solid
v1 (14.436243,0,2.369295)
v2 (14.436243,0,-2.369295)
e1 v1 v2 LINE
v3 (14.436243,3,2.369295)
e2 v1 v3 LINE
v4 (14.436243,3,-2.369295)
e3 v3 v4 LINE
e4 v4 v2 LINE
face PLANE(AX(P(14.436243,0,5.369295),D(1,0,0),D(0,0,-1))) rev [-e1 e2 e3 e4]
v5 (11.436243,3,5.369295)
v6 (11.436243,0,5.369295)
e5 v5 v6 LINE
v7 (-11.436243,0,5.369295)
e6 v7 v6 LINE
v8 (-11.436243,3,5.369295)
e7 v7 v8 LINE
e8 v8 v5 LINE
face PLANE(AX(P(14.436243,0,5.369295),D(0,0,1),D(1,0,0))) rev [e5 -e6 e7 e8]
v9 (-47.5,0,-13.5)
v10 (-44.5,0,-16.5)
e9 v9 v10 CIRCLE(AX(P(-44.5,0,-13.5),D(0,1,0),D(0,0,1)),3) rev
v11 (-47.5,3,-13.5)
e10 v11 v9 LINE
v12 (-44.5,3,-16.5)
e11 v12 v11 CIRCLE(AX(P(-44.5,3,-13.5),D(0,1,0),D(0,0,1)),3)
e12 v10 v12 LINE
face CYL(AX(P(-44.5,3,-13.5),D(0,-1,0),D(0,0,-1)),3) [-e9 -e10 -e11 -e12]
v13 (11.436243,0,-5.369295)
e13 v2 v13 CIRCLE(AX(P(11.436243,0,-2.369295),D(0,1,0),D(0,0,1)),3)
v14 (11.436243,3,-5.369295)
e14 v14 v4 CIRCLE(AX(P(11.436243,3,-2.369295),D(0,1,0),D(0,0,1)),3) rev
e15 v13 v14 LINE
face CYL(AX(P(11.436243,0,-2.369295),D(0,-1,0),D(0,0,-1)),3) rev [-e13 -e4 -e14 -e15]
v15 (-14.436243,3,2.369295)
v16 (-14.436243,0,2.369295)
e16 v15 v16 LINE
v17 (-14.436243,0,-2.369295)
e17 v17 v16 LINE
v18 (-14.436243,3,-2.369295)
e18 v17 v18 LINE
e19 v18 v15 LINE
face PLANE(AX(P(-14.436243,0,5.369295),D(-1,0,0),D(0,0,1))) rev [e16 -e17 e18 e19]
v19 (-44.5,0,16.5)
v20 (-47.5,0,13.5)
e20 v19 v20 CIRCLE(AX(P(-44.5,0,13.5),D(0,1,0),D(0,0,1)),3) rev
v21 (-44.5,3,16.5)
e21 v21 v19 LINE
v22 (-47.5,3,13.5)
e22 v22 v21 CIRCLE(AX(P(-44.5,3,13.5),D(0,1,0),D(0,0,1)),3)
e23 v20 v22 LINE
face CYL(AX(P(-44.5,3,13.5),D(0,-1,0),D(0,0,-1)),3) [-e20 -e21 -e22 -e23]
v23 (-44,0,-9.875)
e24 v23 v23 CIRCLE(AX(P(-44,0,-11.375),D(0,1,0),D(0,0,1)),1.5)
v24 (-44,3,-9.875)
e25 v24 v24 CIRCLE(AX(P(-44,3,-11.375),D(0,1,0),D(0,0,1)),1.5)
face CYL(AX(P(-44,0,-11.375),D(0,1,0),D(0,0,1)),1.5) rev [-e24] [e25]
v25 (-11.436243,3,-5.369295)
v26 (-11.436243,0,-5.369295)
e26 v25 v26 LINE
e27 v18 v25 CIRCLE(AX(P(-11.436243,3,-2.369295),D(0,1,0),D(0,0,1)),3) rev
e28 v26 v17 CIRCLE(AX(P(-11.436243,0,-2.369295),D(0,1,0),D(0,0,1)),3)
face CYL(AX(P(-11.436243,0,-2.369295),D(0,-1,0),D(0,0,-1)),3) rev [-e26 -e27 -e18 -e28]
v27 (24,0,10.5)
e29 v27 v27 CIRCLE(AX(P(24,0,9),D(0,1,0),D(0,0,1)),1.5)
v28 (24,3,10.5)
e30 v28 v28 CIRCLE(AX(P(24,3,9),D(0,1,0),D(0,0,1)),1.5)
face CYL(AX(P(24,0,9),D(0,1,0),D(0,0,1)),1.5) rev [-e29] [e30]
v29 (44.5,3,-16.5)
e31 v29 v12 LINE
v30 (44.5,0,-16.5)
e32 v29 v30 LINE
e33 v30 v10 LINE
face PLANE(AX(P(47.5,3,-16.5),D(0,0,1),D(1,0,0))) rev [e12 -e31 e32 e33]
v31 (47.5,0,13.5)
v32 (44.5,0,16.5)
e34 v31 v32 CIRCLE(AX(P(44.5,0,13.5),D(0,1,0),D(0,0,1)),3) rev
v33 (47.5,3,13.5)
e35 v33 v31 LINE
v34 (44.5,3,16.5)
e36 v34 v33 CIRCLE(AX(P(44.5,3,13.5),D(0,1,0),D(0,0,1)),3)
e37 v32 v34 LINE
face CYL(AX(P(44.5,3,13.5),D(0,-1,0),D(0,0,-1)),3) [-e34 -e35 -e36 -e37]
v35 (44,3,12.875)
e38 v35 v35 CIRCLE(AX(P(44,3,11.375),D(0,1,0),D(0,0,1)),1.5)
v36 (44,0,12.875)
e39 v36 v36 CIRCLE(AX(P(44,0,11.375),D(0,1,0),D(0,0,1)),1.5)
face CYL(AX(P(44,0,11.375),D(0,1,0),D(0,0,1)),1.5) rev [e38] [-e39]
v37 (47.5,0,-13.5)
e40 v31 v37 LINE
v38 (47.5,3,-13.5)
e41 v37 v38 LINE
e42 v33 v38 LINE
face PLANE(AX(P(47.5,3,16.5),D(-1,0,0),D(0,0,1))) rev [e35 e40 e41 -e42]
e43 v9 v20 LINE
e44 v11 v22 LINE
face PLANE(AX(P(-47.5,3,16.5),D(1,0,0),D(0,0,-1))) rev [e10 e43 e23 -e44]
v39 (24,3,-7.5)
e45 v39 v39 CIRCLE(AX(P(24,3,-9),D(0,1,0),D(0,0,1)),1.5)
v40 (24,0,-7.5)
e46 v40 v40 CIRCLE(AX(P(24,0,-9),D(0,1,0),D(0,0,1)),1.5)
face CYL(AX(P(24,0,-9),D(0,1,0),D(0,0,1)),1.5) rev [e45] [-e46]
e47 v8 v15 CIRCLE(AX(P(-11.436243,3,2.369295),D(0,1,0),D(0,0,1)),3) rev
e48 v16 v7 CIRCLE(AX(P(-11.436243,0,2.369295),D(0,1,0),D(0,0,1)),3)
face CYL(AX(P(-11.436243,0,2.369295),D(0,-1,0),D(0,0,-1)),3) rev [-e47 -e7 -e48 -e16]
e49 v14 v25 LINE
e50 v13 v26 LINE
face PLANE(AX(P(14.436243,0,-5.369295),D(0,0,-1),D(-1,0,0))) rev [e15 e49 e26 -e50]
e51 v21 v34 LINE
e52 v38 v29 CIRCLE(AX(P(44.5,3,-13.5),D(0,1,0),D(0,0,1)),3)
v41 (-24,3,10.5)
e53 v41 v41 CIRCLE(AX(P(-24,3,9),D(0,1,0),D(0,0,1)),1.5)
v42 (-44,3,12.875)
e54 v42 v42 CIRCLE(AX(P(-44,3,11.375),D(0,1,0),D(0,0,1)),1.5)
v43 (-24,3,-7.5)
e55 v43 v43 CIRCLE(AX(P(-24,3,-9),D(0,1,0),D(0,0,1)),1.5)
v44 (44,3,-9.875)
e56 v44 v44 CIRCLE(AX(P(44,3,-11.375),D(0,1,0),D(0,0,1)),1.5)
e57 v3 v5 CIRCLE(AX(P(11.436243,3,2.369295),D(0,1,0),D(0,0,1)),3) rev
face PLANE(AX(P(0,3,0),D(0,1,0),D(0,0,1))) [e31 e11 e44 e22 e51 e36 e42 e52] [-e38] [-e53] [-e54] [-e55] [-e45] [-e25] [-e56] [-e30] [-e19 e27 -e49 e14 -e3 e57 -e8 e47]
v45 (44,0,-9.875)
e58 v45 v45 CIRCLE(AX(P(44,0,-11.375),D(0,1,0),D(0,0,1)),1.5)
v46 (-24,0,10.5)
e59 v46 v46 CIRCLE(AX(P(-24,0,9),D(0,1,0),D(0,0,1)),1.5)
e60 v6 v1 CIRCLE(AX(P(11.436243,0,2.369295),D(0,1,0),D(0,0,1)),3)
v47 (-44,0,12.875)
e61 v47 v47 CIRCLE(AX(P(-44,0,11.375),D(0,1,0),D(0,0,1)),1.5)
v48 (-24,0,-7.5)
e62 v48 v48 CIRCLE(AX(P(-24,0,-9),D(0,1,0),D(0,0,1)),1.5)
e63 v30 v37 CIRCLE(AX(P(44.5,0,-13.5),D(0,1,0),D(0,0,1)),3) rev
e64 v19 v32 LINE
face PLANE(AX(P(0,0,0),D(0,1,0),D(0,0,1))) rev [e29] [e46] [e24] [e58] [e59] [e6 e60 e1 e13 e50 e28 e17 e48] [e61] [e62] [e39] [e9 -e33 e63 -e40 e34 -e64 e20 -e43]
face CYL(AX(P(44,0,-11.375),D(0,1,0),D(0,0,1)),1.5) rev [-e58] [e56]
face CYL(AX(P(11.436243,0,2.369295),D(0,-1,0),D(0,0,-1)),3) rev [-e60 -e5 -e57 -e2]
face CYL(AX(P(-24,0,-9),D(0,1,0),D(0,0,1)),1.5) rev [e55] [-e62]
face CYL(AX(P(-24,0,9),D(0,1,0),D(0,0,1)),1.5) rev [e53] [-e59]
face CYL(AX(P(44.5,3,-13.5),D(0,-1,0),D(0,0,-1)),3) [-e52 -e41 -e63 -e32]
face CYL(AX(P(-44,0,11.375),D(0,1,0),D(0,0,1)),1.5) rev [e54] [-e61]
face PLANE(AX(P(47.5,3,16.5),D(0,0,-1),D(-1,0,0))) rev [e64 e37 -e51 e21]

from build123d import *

# Parameters (mm, degrees)
SKETCH_1_W          = 95
SKETCH_1_H          = 33
EXTRUDE_1_DEPTH     = 3
SKETCH_2_R          = 1.5
CUT_EXTRUDE_1_DEPTH = 4
SKETCH_3_R          = 1.5
CUT_EXTRUDE_2_DEPTH = 4
FILLET_1_R          = 3
SKETCH_4_W          = 28.872486122
SKETCH_4_H          = 10.738590994
CUT_EXTRUDE_3_DEPTH = 4
FILLET_2_R          = 3


with BuildPart() as part:
    # 草图1 → 凸台-拉伸1 (new body)
    with BuildSketch(Plane(origin=(0, 0, 0), x_dir=(1, 0, 0), z_dir=(0, 1, 0))):
        Rectangle(SKETCH_1_W, SKETCH_1_H)
    extrude(amount=EXTRUDE_1_DEPTH)

    # 草图2 → 切除-拉伸1 (cut, through all)
    with BuildSketch(Plane(origin=(0, 3, 0), x_dir=(1, 0, 0), z_dir=(0, 1, 0))):
        with Locations((-44, 11.375)):
            Circle(SKETCH_2_R)
        with Locations((-44, -11.375)):
            Circle(SKETCH_2_R)
        with Locations((44, -11.375)):
            Circle(SKETCH_2_R)
        with Locations((44, 11.375)):
            Circle(SKETCH_2_R)
    extrude(amount=-CUT_EXTRUDE_1_DEPTH, mode=Mode.SUBTRACT)

    # 草图3 → 切除-拉伸2 (cut, through all)
    with BuildSketch(Plane(origin=(0, 3, 0), x_dir=(1, 0, 0), z_dir=(0, 1, 0))):
        with Locations((-24, 9)):
            Circle(SKETCH_3_R)
        with Locations((24, 9)):
            Circle(SKETCH_3_R)
        with Locations((-24, -9)):
            Circle(SKETCH_3_R)
        with Locations((24, -9)):
            Circle(SKETCH_3_R)
    extrude(amount=-CUT_EXTRUDE_2_DEPTH, mode=Mode.SUBTRACT)

    # 圆角1
    fillet_1_edges = [part.edges().sort_by_distance(p)[0] for p in [
        (-47.5, 1.5, -16.5),
        (47.5, 1.5, -16.5),
        (47.5, 1.5, 16.5),
        (-47.5, 1.5, 16.5),
    ]]
    fillet(fillet_1_edges, radius=FILLET_1_R)

    # 草图4 → 切除-拉伸3 (cut, through all)
    with BuildSketch(Plane(origin=(0, 3, 0), x_dir=(1, 0, 0), z_dir=(0, 1, 0))):
        Rectangle(SKETCH_4_W, SKETCH_4_H)
    extrude(amount=-CUT_EXTRUDE_3_DEPTH, mode=Mode.SUBTRACT)

    # 圆角2
    fillet_2_edges = [part.edges().sort_by_distance(p)[0] for p in [
        (-14.436243061, 1.5, 5.369295497),
        (-14.436243061, 1.5, -5.369295497),
        (14.436243061, 1.5, -5.369295497),
        (14.436243061, 1.5, 5.369295497),
    ]]
    fillet(fillet_2_edges, radius=FILLET_2_R)


solid = part.part
